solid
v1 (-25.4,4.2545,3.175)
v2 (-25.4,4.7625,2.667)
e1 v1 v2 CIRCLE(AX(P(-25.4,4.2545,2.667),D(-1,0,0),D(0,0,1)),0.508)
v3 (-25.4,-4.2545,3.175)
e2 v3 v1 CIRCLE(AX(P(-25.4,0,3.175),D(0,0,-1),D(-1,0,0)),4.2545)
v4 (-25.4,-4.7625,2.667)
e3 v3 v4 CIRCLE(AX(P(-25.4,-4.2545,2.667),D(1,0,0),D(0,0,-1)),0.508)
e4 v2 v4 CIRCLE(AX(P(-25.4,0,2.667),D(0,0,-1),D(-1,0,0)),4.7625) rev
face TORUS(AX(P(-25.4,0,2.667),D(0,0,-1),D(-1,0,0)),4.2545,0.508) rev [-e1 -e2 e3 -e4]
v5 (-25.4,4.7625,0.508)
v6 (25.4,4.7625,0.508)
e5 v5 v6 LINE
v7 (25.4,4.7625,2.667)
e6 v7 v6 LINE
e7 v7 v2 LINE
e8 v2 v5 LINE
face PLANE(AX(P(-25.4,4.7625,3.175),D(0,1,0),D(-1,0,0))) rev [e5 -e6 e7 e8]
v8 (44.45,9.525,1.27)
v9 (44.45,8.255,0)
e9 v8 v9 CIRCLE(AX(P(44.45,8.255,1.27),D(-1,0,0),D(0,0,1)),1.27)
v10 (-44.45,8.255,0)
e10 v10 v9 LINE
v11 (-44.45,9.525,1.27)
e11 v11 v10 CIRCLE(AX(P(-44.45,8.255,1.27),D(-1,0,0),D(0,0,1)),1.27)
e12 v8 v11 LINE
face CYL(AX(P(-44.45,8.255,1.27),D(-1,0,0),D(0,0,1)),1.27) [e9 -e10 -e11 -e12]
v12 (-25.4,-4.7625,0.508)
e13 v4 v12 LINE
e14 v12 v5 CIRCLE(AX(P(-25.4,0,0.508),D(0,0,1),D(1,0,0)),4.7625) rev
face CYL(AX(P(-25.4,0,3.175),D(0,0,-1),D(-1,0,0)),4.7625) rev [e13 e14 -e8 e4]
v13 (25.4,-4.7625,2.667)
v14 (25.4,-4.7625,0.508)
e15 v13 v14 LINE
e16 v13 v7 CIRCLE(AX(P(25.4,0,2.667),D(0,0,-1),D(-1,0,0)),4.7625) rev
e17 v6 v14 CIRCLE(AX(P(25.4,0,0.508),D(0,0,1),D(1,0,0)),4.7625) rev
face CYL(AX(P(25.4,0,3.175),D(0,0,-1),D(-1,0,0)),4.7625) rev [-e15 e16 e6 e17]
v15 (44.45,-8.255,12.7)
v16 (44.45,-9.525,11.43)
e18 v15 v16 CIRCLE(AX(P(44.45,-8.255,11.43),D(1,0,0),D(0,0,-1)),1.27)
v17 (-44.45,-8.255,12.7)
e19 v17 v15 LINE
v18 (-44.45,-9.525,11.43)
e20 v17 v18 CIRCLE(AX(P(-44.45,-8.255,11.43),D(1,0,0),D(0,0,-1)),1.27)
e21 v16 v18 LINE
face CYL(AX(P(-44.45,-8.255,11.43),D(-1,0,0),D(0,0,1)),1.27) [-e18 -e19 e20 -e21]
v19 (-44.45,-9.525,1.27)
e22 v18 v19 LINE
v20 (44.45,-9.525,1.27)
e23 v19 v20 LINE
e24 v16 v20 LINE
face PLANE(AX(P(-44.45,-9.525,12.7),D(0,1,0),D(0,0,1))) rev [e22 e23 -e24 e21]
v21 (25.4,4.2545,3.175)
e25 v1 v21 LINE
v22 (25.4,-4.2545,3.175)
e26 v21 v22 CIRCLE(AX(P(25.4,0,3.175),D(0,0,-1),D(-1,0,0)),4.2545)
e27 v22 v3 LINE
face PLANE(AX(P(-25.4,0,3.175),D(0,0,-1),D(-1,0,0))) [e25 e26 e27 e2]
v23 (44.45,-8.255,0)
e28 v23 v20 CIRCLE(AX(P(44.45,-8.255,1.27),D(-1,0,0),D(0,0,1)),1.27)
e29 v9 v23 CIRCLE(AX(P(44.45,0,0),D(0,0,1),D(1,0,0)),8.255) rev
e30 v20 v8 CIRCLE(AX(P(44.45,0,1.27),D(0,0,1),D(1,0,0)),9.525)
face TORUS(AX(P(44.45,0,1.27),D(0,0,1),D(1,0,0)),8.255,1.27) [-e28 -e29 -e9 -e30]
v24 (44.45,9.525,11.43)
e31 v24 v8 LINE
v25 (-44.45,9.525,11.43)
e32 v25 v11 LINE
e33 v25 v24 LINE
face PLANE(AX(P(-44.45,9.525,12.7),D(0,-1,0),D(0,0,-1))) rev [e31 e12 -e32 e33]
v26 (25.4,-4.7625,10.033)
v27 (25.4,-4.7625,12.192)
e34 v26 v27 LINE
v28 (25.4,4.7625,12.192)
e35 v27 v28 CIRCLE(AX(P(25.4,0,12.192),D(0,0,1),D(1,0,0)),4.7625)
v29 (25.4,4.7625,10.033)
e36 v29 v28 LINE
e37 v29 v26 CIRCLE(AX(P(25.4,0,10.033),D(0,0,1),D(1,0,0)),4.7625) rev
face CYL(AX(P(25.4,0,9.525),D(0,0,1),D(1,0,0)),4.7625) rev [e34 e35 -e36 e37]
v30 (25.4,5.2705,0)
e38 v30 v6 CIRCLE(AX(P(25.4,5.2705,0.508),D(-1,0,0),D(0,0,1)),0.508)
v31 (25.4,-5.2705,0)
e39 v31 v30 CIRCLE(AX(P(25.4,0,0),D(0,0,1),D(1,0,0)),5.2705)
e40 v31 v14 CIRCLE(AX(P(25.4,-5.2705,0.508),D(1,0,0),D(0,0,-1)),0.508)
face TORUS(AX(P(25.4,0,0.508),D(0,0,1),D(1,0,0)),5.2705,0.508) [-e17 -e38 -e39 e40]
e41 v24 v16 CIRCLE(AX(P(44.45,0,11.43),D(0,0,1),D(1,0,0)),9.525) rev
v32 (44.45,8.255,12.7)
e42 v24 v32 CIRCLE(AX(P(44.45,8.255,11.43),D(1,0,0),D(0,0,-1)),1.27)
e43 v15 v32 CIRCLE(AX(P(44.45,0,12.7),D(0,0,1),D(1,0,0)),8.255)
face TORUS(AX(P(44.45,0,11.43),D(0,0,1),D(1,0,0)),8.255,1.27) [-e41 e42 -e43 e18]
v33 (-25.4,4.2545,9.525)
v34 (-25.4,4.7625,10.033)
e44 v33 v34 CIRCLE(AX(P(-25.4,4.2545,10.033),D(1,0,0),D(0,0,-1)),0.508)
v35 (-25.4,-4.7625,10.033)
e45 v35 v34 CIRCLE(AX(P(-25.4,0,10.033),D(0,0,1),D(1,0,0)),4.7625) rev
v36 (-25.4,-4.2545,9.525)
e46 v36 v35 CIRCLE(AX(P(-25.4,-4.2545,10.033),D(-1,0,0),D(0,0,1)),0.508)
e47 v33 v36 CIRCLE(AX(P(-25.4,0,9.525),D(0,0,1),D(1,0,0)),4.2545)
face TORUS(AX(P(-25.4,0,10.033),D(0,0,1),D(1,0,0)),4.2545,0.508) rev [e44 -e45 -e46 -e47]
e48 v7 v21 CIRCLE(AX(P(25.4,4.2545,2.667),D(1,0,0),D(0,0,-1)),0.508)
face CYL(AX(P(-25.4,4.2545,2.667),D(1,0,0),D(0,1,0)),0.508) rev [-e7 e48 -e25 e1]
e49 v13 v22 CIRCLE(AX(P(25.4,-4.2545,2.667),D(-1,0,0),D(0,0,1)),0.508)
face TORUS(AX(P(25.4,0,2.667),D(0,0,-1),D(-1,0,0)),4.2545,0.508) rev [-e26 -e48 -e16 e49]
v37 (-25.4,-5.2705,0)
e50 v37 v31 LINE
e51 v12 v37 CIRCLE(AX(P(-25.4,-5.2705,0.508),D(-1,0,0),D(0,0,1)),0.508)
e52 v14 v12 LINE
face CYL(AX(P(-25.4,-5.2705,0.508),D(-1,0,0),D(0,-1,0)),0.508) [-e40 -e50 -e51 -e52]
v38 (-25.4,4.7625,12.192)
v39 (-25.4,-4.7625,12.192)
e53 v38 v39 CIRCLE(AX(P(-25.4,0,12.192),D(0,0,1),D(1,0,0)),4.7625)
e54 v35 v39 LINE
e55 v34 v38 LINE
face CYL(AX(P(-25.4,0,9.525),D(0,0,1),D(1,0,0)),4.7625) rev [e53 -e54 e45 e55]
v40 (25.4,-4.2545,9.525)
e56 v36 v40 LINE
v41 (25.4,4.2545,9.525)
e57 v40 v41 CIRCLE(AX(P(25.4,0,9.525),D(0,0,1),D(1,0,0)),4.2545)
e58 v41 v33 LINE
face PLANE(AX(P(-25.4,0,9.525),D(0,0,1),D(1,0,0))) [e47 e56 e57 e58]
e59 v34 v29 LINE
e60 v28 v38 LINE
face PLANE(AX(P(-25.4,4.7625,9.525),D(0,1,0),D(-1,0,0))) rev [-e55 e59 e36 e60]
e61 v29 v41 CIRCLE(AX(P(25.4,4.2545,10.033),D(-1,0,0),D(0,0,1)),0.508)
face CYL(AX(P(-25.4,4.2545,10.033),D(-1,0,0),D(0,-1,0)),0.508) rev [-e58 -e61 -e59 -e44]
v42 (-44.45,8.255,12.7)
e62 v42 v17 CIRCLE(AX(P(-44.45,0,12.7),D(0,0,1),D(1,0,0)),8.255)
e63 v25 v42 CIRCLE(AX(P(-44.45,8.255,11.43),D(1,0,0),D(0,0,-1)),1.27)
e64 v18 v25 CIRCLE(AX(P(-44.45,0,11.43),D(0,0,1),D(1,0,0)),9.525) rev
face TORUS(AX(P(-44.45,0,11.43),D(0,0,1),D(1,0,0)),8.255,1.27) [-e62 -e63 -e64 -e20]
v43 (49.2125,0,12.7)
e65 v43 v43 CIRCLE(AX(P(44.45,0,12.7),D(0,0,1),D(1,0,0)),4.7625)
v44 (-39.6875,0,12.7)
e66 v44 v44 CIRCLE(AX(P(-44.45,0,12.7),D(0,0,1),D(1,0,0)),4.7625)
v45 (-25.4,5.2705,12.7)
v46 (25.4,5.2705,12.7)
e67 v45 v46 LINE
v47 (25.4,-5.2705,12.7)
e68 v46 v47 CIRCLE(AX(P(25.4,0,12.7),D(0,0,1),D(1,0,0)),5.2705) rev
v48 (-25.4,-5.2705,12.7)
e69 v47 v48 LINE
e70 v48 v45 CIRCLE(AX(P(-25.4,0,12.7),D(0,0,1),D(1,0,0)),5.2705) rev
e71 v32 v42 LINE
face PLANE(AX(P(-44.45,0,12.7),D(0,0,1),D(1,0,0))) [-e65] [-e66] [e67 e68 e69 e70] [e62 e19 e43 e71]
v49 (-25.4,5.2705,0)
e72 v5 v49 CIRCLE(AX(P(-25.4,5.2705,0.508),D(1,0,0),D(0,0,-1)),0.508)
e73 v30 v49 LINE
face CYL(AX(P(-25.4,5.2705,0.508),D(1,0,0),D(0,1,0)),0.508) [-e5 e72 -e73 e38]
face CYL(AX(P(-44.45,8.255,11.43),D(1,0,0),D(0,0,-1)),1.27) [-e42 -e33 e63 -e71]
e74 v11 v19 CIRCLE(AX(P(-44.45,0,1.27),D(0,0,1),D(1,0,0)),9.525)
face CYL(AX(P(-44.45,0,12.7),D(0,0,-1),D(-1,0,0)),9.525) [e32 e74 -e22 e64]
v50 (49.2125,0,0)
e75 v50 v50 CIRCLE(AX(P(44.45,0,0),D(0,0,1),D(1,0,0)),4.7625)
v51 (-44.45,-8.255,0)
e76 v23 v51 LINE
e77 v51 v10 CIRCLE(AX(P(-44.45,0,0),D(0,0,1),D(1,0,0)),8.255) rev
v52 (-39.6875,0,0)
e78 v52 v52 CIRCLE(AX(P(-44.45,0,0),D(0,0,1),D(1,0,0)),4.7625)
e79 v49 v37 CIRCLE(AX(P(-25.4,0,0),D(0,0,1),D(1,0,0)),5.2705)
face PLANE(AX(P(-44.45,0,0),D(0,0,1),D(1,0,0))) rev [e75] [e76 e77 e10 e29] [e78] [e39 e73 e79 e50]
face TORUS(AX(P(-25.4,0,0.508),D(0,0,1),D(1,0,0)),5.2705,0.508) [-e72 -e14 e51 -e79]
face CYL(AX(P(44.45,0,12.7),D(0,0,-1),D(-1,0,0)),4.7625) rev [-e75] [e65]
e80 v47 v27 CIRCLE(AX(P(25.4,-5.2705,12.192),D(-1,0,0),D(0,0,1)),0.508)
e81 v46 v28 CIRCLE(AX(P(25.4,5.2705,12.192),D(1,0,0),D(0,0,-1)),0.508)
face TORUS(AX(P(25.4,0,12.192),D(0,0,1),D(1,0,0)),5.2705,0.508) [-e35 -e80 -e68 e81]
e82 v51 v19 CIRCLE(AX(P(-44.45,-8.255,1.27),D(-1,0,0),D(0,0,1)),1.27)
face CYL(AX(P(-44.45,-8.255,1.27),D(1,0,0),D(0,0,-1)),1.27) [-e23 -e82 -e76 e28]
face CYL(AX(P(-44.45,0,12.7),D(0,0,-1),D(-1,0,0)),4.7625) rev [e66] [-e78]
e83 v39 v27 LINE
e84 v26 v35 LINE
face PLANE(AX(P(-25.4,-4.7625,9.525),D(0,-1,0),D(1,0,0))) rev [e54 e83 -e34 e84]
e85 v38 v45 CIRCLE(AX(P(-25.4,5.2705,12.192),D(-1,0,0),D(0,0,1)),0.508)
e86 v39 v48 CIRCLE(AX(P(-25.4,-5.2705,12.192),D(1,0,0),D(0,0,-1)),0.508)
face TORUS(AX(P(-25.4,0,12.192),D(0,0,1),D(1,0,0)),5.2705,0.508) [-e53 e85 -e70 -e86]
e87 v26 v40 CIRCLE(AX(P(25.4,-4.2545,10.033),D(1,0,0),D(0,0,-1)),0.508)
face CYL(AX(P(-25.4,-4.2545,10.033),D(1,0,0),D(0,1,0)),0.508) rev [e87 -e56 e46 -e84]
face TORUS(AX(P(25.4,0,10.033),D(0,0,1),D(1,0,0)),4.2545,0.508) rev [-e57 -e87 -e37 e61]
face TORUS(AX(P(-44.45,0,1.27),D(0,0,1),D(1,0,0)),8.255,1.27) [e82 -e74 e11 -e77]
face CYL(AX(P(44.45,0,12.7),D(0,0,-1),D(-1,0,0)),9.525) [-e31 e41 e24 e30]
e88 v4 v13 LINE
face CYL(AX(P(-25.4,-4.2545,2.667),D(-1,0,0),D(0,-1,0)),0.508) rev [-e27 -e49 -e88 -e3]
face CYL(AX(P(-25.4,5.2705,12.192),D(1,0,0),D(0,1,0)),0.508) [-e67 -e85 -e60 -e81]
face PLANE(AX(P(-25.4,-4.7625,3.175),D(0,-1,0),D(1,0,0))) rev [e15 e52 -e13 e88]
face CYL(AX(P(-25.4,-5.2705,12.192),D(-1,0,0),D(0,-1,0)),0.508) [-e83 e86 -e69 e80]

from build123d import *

# Parameters (mm, degrees)
SKETCH1_R           = 4.7625
BOSS_EXTRUDE1_DEPTH = 12.7
FILLET1_R           = 1.27
CUT_EXTRUDE1_DEPTH  = 3.175
CUT_EXTRUDE2_START  = -3.175
CUT_EXTRUDE2_DEPTH  = 3.175
FILLET3_R           = 0.508


with BuildPart() as part:
    # Sketch1 → Boss-Extrude1 (new body)
    with BuildSketch(Plane.XY):
        with BuildLine():
            Line((-44.45, 9.525), (44.45, 9.525))
            ThreePointArc((44.45, 9.525), (53.975, 0), (44.45, -9.525))
            Line((44.45, -9.525), (-44.45, -9.525))
            ThreePointArc((-44.45, -9.525), (-53.975, 0), (-44.45, 9.525))
        make_face()
        with Locations((-44.45, 0)):
            Circle(SKETCH1_R, mode=Mode.SUBTRACT)
        with Locations((44.45, 0)):
            Circle(SKETCH1_R, mode=Mode.SUBTRACT)
    extrude(amount=BOSS_EXTRUDE1_DEPTH)

    # Fillet1
    fillet1_edges = [part.edges().sort_by_distance(p)[0] for p in [
        (53.975, 0, 12.7),
        (0, 9.525, 12.7),
        (-53.975, 0, 12.7),
        (0, 9.525, 0),
        (53.975, 0, 0),
        (0, -9.525, 0),
        (-53.975, 0, 0),
        (0, -9.525, 12.7),
    ]]
    fillet(fillet1_edges, radius=FILLET1_R)

    # Sketch2 → Cut-Extrude1 (cut)
    with BuildSketch(Plane.XY.offset(12.7)):
        with BuildLine():
            Line((-25.4, 4.7625), (25.4, 4.7625))
            ThreePointArc((25.4, 4.7625), (30.1625, 0), (25.4, -4.7625))
            Line((25.4, -4.7625), (-25.4, -4.7625))
            ThreePointArc((-25.4, -4.7625), (-30.1625, 0), (-25.4, 4.7625))
        make_face()
    extrude(amount=-CUT_EXTRUDE1_DEPTH, mode=Mode.SUBTRACT)

    # Sketch3 → Cut-Extrude2 (cut)
    with BuildSketch(Plane(origin=(0, 0, 0), x_dir=(-1, 0, 0), z_dir=(0, 0, -1)).offset(CUT_EXTRUDE2_START)):
        with BuildLine():
            Line((25.4, -4.7625), (-25.4, -4.7625))
            ThreePointArc((-25.4, -4.7625), (-30.1625, 0), (-25.4, 4.7625))
            Line((-25.4, 4.7625), (25.4, 4.7625))
            ThreePointArc((25.4, 4.7625), (30.1625, 0), (25.4, -4.7625))
        make_face()
    extrude(amount=CUT_EXTRUDE2_DEPTH, mode=Mode.SUBTRACT)

    # Fillet3
    fillet3_edges = [part.edges().sort_by_distance(p)[0] for p in [
        (-30.1625, 0, 9.525),
        (0, 4.7625, 9.525),
        (30.1625, 0, 9.525),
        (0, -4.7625, 9.525),
        (-30.1625, 0, 12.7),
        (0, -4.7625, 12.7),
        (30.1625, 0, 12.7),
        (0, 4.7625, 12.7),
        (-30.1625, 0, 3.175),
        (0, -4.7625, 3.175),
        (30.1625, 0, 3.175),
        (0, 4.7625, 3.175),
        (-30.1625, 0, 0),
        (0, 4.7625, 0),
        (30.1625, 0, 0),
        (0, -4.7625, 0),
    ]]
    fillet(fillet3_edges, radius=FILLET3_R)


solid = part.part
